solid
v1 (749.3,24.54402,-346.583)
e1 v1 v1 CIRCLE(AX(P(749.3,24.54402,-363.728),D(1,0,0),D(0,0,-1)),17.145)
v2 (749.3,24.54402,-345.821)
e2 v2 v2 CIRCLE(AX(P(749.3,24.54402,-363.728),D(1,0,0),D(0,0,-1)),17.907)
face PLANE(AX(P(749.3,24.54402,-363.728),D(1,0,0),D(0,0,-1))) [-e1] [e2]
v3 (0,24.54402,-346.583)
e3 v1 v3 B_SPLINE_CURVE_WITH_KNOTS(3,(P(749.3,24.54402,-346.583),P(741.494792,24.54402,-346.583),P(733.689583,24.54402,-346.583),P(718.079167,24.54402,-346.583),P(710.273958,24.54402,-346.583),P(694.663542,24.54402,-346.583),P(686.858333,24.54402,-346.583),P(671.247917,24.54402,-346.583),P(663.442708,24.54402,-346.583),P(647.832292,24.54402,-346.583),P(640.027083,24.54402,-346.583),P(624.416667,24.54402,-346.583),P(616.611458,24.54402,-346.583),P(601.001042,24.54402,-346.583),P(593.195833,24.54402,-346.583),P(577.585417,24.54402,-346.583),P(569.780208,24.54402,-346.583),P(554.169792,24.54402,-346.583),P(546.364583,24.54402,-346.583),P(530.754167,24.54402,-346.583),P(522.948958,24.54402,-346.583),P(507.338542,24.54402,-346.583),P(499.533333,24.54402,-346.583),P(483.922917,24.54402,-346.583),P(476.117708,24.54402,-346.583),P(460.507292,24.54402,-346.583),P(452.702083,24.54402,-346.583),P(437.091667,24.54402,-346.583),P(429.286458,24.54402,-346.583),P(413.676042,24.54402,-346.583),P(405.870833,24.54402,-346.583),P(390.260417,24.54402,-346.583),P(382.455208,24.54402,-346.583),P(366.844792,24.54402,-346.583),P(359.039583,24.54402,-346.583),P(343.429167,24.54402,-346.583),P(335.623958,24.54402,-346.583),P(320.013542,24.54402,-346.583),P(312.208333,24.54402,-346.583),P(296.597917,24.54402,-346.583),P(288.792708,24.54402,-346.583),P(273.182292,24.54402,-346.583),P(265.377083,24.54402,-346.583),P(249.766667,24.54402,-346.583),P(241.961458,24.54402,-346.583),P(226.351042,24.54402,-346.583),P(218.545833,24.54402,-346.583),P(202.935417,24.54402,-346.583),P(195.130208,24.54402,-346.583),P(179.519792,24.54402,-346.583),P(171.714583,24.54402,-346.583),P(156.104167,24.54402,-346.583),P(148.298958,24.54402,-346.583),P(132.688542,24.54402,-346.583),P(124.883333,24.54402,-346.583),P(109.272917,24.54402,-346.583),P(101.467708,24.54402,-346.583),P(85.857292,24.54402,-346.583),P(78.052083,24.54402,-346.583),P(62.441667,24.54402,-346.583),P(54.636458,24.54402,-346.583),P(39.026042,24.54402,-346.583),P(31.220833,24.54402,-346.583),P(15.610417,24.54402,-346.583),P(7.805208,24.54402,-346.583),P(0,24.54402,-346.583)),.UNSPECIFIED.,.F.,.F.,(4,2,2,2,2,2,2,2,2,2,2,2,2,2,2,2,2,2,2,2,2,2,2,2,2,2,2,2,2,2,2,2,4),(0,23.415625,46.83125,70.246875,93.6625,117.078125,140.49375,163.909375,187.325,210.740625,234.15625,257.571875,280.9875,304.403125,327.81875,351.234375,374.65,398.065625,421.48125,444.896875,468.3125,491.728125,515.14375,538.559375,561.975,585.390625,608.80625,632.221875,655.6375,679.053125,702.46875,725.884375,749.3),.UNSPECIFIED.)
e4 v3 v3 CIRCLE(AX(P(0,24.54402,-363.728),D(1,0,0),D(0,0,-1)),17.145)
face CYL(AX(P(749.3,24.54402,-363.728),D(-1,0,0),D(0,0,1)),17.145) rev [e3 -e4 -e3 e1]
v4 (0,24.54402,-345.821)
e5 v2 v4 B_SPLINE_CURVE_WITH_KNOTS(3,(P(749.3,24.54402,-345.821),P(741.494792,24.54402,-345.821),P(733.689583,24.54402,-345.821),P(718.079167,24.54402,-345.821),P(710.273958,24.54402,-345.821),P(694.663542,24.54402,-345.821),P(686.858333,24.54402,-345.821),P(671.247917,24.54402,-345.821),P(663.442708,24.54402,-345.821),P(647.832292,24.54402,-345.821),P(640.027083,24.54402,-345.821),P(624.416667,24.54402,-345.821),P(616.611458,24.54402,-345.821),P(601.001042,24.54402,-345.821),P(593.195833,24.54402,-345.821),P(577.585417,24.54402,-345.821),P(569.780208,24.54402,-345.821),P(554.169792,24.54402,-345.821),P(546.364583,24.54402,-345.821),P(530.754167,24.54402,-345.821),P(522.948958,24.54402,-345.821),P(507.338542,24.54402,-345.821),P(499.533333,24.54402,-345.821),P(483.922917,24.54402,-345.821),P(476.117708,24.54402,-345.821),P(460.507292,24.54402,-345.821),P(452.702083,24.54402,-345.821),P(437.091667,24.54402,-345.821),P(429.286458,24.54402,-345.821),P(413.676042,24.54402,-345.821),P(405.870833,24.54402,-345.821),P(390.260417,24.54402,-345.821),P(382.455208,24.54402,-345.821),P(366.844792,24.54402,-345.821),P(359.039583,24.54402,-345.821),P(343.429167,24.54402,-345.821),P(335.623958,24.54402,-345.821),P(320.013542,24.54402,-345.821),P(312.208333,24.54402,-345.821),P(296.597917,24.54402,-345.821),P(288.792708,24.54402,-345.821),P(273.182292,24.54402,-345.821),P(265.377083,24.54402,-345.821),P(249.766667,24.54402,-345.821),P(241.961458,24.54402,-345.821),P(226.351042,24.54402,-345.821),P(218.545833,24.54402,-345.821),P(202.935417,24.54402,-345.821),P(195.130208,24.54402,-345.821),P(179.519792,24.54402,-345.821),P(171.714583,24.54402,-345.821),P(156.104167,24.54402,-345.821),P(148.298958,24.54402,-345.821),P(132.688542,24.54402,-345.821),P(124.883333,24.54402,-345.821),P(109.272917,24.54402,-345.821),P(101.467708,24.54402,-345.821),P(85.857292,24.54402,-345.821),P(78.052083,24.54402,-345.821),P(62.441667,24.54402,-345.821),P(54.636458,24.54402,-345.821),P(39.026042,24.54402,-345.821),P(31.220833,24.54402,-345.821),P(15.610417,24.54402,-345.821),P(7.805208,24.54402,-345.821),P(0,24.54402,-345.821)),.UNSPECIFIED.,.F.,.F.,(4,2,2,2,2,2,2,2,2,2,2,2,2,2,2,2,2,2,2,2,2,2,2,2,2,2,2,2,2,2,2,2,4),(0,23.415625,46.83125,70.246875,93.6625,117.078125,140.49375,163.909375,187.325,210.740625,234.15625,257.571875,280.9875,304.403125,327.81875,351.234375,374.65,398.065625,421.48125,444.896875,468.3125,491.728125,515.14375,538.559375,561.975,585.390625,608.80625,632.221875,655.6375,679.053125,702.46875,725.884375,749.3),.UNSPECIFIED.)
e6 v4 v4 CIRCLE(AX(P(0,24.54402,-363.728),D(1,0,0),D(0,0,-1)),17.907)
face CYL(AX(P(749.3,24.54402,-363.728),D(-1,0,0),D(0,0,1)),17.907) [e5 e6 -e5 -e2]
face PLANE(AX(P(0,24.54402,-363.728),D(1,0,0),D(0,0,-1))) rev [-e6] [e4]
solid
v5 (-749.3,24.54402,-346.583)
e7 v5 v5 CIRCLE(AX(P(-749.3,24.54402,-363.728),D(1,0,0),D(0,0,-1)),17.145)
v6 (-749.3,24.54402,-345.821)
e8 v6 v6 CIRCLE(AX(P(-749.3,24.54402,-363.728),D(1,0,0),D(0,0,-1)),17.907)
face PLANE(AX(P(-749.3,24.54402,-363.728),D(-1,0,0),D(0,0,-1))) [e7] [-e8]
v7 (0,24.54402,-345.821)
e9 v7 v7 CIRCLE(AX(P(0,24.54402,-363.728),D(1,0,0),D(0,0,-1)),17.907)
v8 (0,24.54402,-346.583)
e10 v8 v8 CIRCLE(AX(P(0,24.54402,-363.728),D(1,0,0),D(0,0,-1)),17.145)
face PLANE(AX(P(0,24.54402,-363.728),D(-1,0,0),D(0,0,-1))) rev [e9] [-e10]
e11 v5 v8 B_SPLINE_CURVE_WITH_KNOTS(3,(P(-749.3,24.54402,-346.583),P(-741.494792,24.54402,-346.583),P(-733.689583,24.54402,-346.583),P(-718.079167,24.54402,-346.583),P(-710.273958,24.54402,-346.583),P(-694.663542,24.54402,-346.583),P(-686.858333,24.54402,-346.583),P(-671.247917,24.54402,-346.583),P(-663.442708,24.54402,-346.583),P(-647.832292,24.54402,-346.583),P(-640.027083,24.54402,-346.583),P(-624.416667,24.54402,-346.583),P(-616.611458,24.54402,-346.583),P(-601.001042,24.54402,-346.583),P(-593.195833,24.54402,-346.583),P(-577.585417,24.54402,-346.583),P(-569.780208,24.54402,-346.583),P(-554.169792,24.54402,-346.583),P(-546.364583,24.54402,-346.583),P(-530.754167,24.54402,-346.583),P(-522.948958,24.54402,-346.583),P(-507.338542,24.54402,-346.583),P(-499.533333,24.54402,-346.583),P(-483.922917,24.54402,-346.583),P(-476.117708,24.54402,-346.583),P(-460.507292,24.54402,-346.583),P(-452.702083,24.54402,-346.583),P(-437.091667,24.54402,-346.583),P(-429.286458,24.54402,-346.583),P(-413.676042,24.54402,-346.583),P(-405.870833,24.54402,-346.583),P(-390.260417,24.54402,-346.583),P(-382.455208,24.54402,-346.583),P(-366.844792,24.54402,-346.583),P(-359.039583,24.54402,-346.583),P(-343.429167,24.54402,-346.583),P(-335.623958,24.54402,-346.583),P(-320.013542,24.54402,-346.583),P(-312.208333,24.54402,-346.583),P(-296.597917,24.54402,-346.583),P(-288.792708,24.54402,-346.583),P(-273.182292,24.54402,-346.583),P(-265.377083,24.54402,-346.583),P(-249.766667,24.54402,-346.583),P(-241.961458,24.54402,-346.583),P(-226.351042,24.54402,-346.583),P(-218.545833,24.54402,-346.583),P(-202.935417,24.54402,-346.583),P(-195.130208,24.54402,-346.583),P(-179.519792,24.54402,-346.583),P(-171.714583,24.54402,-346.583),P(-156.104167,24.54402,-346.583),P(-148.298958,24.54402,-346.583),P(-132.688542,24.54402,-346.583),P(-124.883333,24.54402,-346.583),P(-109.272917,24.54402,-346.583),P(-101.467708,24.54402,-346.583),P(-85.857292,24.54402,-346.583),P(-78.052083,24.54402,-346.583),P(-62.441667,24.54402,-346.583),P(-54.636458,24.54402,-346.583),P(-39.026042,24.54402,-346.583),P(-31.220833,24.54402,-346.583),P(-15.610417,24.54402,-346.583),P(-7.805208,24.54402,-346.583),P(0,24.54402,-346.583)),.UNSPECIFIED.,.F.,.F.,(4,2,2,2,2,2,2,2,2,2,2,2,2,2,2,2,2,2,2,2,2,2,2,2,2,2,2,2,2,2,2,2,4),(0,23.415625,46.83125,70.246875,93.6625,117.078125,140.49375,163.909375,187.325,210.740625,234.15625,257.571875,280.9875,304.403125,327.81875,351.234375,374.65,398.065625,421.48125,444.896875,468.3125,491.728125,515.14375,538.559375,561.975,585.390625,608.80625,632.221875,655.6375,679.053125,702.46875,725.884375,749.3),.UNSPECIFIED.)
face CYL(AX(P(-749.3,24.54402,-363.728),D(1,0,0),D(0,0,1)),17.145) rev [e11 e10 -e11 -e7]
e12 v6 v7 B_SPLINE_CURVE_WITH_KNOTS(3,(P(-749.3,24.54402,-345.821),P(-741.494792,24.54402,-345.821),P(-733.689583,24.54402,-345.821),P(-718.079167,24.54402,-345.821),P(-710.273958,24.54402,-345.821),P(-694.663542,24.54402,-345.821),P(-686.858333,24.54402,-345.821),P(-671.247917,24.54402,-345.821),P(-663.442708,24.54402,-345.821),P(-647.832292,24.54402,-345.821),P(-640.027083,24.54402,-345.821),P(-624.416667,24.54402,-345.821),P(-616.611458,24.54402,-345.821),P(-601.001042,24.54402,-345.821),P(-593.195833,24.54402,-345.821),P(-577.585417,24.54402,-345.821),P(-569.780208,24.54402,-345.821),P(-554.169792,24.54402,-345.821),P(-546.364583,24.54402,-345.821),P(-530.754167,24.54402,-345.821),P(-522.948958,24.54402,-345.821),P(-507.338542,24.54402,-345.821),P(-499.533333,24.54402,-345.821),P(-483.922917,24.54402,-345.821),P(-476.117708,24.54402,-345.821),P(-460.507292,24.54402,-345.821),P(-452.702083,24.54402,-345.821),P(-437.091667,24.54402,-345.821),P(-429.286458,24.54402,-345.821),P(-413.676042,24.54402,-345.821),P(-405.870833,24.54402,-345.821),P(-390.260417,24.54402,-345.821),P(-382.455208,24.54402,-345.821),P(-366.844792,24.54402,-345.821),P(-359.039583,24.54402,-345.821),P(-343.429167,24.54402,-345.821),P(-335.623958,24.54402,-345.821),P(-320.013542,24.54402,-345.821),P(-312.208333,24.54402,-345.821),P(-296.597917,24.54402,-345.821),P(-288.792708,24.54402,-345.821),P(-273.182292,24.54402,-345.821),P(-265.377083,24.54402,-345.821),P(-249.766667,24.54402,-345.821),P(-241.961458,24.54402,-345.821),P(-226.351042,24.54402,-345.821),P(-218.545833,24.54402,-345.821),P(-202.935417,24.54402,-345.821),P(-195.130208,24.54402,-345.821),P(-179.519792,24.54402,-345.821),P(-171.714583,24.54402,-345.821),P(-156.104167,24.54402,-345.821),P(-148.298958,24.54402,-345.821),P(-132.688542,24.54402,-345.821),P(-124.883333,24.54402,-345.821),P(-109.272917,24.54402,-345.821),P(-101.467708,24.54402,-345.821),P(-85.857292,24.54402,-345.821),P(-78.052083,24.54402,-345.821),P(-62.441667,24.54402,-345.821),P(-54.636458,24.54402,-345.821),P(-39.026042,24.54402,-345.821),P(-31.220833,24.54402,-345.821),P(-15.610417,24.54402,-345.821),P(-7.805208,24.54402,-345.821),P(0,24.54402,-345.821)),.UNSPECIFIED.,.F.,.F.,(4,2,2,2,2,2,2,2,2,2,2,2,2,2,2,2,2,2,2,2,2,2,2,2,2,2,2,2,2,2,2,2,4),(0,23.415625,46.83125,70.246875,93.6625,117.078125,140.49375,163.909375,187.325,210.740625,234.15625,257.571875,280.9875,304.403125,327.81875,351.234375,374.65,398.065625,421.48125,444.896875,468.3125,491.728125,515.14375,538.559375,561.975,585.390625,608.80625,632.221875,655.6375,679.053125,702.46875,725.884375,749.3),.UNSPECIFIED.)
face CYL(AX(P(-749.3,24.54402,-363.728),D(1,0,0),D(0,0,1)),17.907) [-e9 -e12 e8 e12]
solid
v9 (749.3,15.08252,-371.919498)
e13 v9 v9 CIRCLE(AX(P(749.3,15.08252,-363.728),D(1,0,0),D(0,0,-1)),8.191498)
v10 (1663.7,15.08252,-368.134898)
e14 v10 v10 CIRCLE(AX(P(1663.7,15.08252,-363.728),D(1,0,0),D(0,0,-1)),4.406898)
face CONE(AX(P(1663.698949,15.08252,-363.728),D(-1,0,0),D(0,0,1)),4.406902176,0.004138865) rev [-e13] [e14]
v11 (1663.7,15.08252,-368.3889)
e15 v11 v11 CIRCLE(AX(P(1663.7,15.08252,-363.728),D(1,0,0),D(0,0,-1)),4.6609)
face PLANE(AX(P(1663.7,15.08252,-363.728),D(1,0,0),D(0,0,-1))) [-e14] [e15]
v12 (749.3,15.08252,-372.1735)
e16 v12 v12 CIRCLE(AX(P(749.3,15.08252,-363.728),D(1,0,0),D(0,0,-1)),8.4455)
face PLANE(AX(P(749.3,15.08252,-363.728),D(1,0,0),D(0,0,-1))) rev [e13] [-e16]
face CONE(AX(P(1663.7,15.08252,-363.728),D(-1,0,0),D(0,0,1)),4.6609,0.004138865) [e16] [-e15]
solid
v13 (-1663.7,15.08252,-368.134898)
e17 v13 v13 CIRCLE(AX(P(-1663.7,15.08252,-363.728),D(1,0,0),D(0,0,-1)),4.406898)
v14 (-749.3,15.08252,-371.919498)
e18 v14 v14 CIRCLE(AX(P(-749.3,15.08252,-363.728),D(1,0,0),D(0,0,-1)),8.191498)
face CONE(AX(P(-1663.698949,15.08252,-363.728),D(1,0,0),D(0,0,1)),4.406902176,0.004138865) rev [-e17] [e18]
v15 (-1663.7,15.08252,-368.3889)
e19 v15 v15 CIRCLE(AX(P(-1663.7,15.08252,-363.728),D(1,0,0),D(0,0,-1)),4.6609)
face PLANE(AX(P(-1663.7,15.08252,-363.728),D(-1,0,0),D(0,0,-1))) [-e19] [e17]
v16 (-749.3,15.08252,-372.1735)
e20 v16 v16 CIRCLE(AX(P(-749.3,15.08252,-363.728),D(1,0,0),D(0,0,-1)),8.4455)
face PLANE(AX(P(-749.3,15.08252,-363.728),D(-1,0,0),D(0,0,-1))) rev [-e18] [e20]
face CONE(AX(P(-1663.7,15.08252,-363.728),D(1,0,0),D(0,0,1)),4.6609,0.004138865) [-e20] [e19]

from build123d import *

# Parameters (mm, degrees)
SKETCH1_R            = 17.907
UNIFORM_TUBE_DEPTH   = 749.3
UNIFORM_TUBE_SHELL_T = -0.762
SKETCH3_R            = 4.6609
SKETCH2_R            = 8.4455
TAPERED_TUBE_SHELL_T = -0.254


with BuildPart() as part:
    # Sketch1 → Uniform Tube (new body)
    with BuildSketch(Plane(origin=(0, 0, 0), x_dir=(0, 0, -1), z_dir=(1, 0, 0))):
        with Locations(Location((363.728, 24.54402, 0), (0, 0, 180))):
            Circle(SKETCH1_R)
    extrude(amount=UNIFORM_TUBE_DEPTH)

    # Uniform Tube Shell
    uniform_tube_shell_openings = [part.faces().sort_by_distance(p)[0] for p in [
        (749.3, 24.54402, -363.728),
        (0, 24.54402, -363.728),
    ]]
    offset(amount=UNIFORM_TUBE_SHELL_T, openings=uniform_tube_shell_openings, kind=Kind.INTERSECTION)


with BuildPart() as body_2:
    # Sketch3 → Tapered Tube section 0
    with BuildSketch(Plane(origin=(1663.7, 0, 0), x_dir=(0, 0, -1), z_dir=(1, 0, 0))):
        with Locations((363.728, 15.08252)):
            Circle(SKETCH3_R)
    # Sketch2 → Tapered Tube section 1
    with BuildSketch(Plane(origin=(749.3, 0, 0), x_dir=(0, 0, -1), z_dir=(1, 0, 0))):
        with Locations((363.728, 15.08252)):
            Circle(SKETCH2_R)
    loft()

    # Tapered Tube Shell
    tapered_tube_shell_openings = [body_2.faces().sort_by_distance(p)[0] for p in [
        (749.3, 15.08252, -363.728),
        (1663.7, 15.08252, -363.728),
    ]]
    offset(amount=TAPERED_TUBE_SHELL_T, openings=tapered_tube_shell_openings, kind=Kind.INTERSECTION)


with BuildPart() as body_3:
    # Mirror2: mirrored copy
    add(body_2.part.mirror(Plane(origin=(0, 0, 0), x_dir=(0, 0, 1), z_dir=(1, 0, 0))))


with BuildPart() as body_4:
    # Mirror2 2: mirrored copy
    add(part.part.mirror(Plane(origin=(0, 0, 0), x_dir=(0, 0, 1), z_dir=(1, 0, 0))))


solid = Compound([part.part, body_2.part, body_3.part, body_4.part])
